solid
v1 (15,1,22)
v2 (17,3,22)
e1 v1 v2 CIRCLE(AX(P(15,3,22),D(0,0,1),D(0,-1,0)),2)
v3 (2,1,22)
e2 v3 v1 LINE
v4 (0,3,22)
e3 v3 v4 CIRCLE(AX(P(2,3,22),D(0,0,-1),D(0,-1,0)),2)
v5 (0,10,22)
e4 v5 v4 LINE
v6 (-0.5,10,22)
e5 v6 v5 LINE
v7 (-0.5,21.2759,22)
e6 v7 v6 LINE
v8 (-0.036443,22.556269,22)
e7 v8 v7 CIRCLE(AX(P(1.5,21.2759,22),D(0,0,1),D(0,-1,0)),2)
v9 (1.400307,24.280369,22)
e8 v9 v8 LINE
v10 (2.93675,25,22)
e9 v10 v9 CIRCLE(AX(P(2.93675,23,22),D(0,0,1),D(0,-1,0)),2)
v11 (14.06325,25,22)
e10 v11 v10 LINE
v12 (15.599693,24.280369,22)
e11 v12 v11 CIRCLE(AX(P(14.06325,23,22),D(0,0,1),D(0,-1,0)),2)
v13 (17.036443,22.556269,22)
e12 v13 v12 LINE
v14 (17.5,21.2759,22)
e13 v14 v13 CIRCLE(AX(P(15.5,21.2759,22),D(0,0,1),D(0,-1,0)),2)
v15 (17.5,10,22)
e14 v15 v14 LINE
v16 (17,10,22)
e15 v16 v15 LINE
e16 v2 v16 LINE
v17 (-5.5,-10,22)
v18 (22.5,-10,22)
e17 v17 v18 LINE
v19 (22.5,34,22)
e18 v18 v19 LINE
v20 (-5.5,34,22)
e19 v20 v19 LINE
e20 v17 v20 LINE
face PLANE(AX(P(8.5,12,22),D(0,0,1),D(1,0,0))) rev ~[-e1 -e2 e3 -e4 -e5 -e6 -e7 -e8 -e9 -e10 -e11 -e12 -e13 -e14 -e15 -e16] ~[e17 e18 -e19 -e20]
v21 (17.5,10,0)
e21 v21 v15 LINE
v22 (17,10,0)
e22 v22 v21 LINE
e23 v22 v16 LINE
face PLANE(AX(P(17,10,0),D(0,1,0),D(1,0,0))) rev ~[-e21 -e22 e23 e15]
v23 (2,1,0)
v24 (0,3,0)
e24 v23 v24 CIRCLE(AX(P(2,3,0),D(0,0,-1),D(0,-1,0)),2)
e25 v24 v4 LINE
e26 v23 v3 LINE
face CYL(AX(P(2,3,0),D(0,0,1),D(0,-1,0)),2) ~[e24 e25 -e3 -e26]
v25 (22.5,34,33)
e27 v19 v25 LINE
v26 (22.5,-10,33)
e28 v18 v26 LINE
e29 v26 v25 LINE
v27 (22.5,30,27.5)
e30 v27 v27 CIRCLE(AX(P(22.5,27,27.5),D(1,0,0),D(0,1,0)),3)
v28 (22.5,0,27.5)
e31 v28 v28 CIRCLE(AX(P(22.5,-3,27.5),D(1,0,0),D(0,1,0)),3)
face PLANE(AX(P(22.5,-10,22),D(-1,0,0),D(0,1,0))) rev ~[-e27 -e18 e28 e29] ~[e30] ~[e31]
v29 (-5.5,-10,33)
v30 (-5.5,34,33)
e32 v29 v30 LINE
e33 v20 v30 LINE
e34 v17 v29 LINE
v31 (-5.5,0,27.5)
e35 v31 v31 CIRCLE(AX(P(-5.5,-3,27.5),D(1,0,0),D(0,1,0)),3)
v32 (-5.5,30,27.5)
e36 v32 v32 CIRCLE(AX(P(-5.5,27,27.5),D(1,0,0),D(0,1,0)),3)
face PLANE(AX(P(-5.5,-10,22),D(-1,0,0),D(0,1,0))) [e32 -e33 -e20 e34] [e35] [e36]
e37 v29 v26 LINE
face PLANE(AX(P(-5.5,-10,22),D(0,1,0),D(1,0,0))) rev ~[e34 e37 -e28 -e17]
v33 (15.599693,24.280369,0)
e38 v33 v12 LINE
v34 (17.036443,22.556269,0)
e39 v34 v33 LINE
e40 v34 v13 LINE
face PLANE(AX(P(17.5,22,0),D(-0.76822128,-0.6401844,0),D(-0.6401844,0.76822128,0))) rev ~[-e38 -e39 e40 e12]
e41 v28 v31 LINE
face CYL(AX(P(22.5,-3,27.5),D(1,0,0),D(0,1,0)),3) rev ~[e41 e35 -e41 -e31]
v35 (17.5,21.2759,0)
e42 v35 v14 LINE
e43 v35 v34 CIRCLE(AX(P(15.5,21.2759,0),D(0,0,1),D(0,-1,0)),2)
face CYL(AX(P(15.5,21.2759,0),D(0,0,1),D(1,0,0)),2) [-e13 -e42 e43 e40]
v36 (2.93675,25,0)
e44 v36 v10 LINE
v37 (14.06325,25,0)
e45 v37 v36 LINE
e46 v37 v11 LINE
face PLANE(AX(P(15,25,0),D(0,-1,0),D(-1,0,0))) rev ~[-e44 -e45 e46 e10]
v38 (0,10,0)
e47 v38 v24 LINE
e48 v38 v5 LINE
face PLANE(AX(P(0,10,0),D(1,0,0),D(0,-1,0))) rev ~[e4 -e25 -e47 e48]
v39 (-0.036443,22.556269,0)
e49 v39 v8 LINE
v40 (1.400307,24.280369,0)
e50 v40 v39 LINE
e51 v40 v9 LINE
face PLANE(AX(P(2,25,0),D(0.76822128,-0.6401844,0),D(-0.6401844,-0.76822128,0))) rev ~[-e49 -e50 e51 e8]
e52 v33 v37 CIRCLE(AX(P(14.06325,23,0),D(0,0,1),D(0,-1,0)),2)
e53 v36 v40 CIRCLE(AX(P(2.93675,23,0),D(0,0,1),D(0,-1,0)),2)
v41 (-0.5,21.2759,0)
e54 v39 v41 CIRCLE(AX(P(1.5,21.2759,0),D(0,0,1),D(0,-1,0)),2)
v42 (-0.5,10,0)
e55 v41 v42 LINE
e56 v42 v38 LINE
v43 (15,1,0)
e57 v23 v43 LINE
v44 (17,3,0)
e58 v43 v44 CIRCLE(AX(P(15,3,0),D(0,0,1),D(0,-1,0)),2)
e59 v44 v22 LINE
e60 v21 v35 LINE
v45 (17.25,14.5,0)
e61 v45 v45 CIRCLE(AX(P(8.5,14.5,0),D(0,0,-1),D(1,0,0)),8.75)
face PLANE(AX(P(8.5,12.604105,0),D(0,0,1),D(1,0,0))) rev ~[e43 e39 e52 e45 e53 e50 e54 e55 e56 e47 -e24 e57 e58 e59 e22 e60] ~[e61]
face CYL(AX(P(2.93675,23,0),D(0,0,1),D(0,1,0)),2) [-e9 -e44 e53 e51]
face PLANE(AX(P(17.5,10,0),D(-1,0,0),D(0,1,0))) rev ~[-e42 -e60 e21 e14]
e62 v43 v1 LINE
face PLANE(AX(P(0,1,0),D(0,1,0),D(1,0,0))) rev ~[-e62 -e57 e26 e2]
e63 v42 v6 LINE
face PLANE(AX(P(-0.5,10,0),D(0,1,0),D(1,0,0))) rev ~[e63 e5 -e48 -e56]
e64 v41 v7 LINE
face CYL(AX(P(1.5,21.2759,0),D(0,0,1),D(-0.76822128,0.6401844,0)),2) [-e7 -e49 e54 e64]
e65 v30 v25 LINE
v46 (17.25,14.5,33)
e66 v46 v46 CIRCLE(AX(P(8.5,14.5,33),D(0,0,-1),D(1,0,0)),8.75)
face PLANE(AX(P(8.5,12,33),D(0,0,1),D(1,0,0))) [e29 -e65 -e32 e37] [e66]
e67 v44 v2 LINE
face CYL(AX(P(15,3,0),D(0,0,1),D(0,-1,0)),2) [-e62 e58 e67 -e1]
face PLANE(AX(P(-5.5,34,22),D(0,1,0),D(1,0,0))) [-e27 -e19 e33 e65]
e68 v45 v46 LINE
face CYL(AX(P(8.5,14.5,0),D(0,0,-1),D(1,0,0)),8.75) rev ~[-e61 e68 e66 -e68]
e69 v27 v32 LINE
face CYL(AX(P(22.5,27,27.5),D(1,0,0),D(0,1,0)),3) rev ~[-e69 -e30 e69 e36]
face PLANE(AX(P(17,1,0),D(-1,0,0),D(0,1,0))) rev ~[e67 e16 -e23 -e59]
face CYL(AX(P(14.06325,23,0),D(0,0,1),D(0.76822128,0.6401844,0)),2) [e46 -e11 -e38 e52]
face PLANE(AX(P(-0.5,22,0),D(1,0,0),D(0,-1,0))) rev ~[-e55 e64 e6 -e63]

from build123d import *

# Parameters (mm, degrees)
PAD_DEPTH       = 22
BOX_W           = 28
BOX_H           = 44
BOX_DEPTH       = 11
SKETCH001_R     = 8.75
POCKET_DEPTH    = 33
FILLET_R        = 2
SKETCH003_R     = 3
POCKET002_DEPTH = 28.001


with BuildPart() as part:
    # Sketch → Pad (new body)
    with BuildSketch(Plane.XY):
        Polygon((0, 1), (17, 1), (17, 10), (17.5, 10), (17.5, 22), (15, 25), (2, 25), (-0.5, 22), (-0.5, 10), (0, 10), align=None)
    extrude(amount=PAD_DEPTH)

    # Box → Box (join)
    with BuildSketch(Plane(origin=(-5.5, -10, 22), x_dir=(1, 0, 0), z_dir=(0, 0, 1))):
        with Locations((14, 22)):
            Rectangle(BOX_W, BOX_H)
    extrude(amount=BOX_DEPTH)

    # Sketch001 (on Face4 of Box) → Pocket (cut)
    with BuildSketch(Plane(origin=(-5.5, -10, 0), x_dir=(1, 0, 0), z_dir=(0, 0, -1))):
        with Locations((14, -24.5)):
            Circle(SKETCH001_R)
    extrude(amount=-POCKET_DEPTH, mode=Mode.SUBTRACT)

    # Fillet
    fillet_edges = [part.edges().sort_by_distance(p)[0] for p in [
        (17.5, 22, 11),
        (15, 25, 11),
        (2, 25, 11),
        (17, 1, 11),
        (0, 1, 11),
        (-0.5, 22, 11),
    ]]
    fillet(fillet_edges, radius=FILLET_R)

    # Sketch003 (on Face23 of Fillet) → Pocket002 (cut, through all)
    with BuildSketch(Plane(origin=(22.5, -10, 22), x_dir=(0, 1, 0), z_dir=(1, 0, 0))):
        with Locations((7, 5.5)):
            Circle(SKETCH003_R)
        with Locations((37, 5.5)):
            Circle(SKETCH003_R)
    extrude(amount=-POCKET002_DEPTH, mode=Mode.SUBTRACT)


solid = part.part
